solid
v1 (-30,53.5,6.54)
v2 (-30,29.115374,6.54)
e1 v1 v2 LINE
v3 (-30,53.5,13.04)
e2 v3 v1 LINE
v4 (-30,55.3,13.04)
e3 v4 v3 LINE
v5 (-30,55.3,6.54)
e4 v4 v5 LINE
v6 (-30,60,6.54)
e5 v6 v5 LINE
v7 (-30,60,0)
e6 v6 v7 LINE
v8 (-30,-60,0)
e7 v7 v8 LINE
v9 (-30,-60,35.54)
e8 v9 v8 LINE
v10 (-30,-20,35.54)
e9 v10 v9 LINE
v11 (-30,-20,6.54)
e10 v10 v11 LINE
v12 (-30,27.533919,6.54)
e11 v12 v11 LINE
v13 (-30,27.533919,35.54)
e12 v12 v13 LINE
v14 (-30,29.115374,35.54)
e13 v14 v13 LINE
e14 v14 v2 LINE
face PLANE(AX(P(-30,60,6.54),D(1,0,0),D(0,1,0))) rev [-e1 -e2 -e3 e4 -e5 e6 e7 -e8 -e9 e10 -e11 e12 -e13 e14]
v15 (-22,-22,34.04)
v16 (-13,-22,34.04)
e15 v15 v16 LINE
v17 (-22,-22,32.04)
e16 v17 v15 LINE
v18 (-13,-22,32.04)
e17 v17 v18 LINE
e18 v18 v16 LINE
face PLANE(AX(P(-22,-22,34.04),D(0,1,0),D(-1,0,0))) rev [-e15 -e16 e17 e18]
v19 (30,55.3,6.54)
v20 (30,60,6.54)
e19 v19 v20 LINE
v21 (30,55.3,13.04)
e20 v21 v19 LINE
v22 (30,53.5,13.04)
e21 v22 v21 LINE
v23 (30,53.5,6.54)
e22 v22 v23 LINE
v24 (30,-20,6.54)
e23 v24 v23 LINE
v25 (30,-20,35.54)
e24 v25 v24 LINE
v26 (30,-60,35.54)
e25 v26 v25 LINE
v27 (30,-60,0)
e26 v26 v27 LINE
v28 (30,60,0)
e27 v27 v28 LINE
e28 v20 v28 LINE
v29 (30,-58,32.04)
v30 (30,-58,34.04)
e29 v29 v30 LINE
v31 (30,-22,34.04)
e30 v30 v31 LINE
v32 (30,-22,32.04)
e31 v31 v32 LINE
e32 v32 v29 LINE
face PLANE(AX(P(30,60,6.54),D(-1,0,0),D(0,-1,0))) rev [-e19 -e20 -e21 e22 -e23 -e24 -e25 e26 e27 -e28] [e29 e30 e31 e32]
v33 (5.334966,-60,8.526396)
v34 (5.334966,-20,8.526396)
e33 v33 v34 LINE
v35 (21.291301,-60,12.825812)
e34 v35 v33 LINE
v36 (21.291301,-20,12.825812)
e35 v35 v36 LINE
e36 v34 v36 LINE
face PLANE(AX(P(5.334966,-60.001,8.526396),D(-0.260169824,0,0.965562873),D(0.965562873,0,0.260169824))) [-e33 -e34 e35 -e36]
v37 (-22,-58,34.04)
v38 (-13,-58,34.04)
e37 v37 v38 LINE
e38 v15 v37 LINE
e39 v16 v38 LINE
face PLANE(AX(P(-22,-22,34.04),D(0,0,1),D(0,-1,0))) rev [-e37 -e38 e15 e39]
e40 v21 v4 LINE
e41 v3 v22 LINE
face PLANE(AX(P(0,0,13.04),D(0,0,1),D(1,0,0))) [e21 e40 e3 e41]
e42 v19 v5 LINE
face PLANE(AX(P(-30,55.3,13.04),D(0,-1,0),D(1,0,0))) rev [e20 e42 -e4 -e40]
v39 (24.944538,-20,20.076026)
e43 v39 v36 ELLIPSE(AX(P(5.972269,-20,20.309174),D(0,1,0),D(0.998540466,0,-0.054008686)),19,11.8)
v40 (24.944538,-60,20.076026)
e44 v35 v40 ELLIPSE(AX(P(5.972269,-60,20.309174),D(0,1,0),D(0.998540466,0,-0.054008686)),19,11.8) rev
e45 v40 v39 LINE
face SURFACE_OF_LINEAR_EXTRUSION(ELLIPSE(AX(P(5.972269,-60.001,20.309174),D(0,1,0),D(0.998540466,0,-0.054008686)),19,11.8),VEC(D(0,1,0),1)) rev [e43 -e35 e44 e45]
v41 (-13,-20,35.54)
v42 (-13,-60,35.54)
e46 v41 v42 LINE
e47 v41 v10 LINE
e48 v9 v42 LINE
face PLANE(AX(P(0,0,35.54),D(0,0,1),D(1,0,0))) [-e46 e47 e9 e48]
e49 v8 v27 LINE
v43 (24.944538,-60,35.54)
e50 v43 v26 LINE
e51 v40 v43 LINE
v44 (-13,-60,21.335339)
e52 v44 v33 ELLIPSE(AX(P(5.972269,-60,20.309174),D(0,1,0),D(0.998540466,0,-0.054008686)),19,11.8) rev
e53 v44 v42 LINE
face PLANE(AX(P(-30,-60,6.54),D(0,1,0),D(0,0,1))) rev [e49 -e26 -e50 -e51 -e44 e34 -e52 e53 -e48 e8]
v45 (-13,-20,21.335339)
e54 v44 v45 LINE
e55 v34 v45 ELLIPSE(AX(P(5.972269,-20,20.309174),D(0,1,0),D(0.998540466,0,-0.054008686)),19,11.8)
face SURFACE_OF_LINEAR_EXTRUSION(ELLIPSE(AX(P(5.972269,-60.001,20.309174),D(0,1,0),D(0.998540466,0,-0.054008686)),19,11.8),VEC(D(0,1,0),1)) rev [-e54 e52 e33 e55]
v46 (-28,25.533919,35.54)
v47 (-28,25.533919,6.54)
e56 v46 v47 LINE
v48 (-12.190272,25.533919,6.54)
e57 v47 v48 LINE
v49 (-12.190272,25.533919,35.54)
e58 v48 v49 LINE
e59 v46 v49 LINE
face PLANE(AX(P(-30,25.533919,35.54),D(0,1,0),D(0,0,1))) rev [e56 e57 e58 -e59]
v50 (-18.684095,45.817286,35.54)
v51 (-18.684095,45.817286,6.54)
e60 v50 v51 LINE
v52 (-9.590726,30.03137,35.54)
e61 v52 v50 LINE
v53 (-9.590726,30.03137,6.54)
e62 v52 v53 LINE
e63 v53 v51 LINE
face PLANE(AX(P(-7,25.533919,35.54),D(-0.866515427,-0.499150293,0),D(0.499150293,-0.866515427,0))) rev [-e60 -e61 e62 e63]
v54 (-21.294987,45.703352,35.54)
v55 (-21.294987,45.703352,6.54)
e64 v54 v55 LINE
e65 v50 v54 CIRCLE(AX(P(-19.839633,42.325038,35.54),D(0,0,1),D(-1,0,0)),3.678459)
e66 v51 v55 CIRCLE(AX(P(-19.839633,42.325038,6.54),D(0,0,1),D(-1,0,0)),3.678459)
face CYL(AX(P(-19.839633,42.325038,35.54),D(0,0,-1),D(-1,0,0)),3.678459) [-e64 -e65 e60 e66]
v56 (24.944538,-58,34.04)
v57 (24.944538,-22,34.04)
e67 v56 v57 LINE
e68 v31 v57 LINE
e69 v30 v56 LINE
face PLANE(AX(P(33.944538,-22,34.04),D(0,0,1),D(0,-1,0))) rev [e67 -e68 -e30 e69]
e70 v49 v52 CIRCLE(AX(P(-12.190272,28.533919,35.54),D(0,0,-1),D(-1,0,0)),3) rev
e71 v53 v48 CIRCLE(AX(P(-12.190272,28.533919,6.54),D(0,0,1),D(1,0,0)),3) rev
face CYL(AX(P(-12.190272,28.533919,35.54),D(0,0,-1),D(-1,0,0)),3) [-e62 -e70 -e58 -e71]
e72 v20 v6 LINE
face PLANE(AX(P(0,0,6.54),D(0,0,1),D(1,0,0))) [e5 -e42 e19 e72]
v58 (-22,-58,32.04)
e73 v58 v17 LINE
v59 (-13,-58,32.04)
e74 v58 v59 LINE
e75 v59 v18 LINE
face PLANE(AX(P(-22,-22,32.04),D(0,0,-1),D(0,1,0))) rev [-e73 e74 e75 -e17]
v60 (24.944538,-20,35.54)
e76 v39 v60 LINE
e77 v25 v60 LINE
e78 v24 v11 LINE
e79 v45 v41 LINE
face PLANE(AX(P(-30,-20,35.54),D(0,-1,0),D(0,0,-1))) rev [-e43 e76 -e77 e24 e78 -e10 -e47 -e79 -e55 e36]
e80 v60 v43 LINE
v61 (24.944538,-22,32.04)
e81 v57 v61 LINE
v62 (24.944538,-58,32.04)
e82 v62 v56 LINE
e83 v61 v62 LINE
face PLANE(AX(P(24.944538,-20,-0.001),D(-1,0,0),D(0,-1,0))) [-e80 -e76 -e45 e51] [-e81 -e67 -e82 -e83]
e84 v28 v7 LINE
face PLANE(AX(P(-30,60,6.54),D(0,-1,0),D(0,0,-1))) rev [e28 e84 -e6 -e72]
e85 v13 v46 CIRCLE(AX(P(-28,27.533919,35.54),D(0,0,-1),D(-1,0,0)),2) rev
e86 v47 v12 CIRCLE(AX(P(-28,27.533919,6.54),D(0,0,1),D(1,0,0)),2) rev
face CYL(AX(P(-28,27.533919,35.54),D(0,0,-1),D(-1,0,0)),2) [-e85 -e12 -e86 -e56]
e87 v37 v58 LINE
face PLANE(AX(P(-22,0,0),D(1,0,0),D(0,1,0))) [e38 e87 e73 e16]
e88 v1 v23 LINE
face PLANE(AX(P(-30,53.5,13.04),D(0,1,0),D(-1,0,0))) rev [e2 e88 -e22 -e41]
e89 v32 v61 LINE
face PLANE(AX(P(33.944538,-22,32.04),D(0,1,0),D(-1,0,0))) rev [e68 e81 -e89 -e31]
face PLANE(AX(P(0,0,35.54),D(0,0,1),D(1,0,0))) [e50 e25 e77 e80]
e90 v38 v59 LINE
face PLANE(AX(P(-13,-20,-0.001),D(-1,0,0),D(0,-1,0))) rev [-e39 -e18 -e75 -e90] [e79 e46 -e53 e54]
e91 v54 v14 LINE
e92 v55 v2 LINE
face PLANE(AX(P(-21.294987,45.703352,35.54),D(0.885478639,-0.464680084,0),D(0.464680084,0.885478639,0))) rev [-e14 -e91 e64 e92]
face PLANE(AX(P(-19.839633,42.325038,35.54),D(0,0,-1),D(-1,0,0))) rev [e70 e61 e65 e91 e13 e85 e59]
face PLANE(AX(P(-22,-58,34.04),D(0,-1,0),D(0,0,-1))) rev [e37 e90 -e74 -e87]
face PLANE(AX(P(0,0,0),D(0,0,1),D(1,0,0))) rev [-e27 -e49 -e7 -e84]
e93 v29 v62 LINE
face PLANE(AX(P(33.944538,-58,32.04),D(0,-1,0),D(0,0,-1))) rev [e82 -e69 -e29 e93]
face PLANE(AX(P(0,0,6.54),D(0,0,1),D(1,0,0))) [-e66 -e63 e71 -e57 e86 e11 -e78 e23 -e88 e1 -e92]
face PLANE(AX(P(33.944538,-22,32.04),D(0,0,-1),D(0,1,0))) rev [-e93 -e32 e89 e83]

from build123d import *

# Parameters (mm, degrees)
SKETCH1_W           = 60
SKETCH1_H           = 120
BOSS_EXTRUDE1_DEPTH = 6.54
SKETCH17_W          = 60
SKETCH17_H          = 40
BOSS_EXTRUDE6_DEPTH = 29
CUT_EXTRUDE1_REACH  = 42
CUT_EXTRUDE2_REACH  = 37.54
SKETCH21_W          = 37.9445377
SKETCH21_H          = 40
SKETCH23_W          = 2
SKETCH23_H          = 36
CUT_EXTRUDE3_DEPTH  = 9
SKETCH24_W          = 2
SKETCH24_H          = 36
CUT_EXTRUDE4_DEPTH  = 9
BOSS_EXTRUDE8_DEPTH = 29
SKETCH36_W          = 60
SKETCH36_H          = 1.8
BOSS_EXTRUDE9_DEPTH = 6.5
FILLET1_R           = 3
FILLET2_R           = 2


with BuildPart() as part:
    # Sketch1 → Boss-Extrude1 (new body)
    with BuildSketch(Plane.XY):
        Rectangle(SKETCH1_W, SKETCH1_H)
    extrude(amount=BOSS_EXTRUDE1_DEPTH)

    # Sketch17 → Boss-Extrude6 (add)
    with BuildSketch(Plane.XY.offset(6.54)):
        with Locations((0, -40)):
            Rectangle(SKETCH17_W, SKETCH17_H)
    extrude(amount=BOSS_EXTRUDE6_DEPTH)

    # Sketch18 → Cut-Extrude1 (cut, up to next)
    with BuildSketch(Plane(origin=(0, -20, 0), x_dir=(1, 0, 0), z_dir=(0, 1, 0)), mode=Mode.PRIVATE) as cut_extrude1_sk1:
        with BuildLine():
            Line((5.334966353, -8.526396136), (21.291300905, -12.825812438))
            add(Edge.make_bspline(
                [(5.334966353, -8.526396136), (-17.854714365, -9.780670981), (-12.49786254, -23.648890313), (-7.141010715, -37.517109645), (13.926544327, -30.768916863), (34.994099369, -24.020724082), (21.291300905, -12.825812438)],
                knots=[1.570796327, 1.570796327, 1.570796327, 3.340987112, 3.340987112, 5.111177898, 5.111177898, 6.881368684, 6.881368684, 6.881368684], degree=2, weights=[1, 0.633215673, 1, 0.633215673, 1, 0.633215673, 1]))
        make_face()
    cut_extrude1_tool1 = extrude(cut_extrude1_sk1.sketch, amount=-CUT_EXTRUDE1_REACH, mode=Mode.PRIVATE) & part.part
    add(cut_extrude1_tool1.solids().sort_by_distance((5.792514, -20, 20.554542))[0], mode=Mode.SUBTRACT)

    # Sketch21 → Cut-Extrude2 (cut, up to next)
    with BuildSketch(Plane.XY.offset(35.54), mode=Mode.PRIVATE) as cut_extrude2_sk1:
        with Locations((5.97226885, -40)):
            Rectangle(SKETCH21_W, SKETCH21_H)
    cut_extrude2_tool1 = extrude(cut_extrude2_sk1.sketch, amount=-CUT_EXTRUDE2_REACH, mode=Mode.PRIVATE) & part.part
    add(cut_extrude2_tool1.solids().sort_by_distance((5.972269, -40, 35.54))[0], mode=Mode.SUBTRACT)

    # Sketch23 → Cut-Extrude3 (cut)
    with BuildSketch(Plane(origin=(-13, 0, 0), x_dir=(0, 0, -1), z_dir=(1, 0, 0))):
        with Locations((-33.04, -40)):
            Rectangle(SKETCH23_W, SKETCH23_H)
    extrude(amount=-CUT_EXTRUDE3_DEPTH, mode=Mode.SUBTRACT)

    # Sketch24 → Cut-Extrude4 (cut)
    with BuildSketch(Plane.ZY.offset(-24.9445377)):
        with Locations((33.04, -40)):
            Rectangle(SKETCH24_W, SKETCH24_H)
    extrude(amount=-CUT_EXTRUDE4_DEPTH, mode=Mode.SUBTRACT)

    # Sketch7 → Boss-Extrude8 (add)
    with BuildSketch(Plane.XY.offset(6.54)):
        with BuildLine():
            Line((-7, 25.533918981), (-18.684094898, 45.817285768))
            ThreePointArc((-18.684094898, 45.817285768), (-20, 46), (-21.294986864, 45.703352481))
            Line((-21.294986864, 45.703352481), (-30, 29.115374119))
            Line((-30, 29.115374119), (-30, 25.533918981))
            Line((-30, 25.533918981), (-7, 25.533918981))
        make_face()
    extrude(amount=BOSS_EXTRUDE8_DEPTH)

    # Sketch36 → Boss-Extrude9 (add)
    with BuildSketch(Plane.XY.offset(6.54)):
        with Locations((0, 54.4)):
            Rectangle(SKETCH36_W, SKETCH36_H)
    extrude(amount=BOSS_EXTRUDE9_DEPTH)

    # Fillet1
    fillet1_edges = [part.edges().sort_by_distance(p)[0] for p in [
        (-7, 25.533918981, 21.04),
    ]]
    fillet(fillet1_edges, radius=FILLET1_R)

    # Fillet2
    fillet2_edges = [part.edges().sort_by_distance(p)[0] for p in [
        (-30, 25.533918981, 21.04),
    ]]
    fillet(fillet2_edges, radius=FILLET2_R)


solid = part.part
